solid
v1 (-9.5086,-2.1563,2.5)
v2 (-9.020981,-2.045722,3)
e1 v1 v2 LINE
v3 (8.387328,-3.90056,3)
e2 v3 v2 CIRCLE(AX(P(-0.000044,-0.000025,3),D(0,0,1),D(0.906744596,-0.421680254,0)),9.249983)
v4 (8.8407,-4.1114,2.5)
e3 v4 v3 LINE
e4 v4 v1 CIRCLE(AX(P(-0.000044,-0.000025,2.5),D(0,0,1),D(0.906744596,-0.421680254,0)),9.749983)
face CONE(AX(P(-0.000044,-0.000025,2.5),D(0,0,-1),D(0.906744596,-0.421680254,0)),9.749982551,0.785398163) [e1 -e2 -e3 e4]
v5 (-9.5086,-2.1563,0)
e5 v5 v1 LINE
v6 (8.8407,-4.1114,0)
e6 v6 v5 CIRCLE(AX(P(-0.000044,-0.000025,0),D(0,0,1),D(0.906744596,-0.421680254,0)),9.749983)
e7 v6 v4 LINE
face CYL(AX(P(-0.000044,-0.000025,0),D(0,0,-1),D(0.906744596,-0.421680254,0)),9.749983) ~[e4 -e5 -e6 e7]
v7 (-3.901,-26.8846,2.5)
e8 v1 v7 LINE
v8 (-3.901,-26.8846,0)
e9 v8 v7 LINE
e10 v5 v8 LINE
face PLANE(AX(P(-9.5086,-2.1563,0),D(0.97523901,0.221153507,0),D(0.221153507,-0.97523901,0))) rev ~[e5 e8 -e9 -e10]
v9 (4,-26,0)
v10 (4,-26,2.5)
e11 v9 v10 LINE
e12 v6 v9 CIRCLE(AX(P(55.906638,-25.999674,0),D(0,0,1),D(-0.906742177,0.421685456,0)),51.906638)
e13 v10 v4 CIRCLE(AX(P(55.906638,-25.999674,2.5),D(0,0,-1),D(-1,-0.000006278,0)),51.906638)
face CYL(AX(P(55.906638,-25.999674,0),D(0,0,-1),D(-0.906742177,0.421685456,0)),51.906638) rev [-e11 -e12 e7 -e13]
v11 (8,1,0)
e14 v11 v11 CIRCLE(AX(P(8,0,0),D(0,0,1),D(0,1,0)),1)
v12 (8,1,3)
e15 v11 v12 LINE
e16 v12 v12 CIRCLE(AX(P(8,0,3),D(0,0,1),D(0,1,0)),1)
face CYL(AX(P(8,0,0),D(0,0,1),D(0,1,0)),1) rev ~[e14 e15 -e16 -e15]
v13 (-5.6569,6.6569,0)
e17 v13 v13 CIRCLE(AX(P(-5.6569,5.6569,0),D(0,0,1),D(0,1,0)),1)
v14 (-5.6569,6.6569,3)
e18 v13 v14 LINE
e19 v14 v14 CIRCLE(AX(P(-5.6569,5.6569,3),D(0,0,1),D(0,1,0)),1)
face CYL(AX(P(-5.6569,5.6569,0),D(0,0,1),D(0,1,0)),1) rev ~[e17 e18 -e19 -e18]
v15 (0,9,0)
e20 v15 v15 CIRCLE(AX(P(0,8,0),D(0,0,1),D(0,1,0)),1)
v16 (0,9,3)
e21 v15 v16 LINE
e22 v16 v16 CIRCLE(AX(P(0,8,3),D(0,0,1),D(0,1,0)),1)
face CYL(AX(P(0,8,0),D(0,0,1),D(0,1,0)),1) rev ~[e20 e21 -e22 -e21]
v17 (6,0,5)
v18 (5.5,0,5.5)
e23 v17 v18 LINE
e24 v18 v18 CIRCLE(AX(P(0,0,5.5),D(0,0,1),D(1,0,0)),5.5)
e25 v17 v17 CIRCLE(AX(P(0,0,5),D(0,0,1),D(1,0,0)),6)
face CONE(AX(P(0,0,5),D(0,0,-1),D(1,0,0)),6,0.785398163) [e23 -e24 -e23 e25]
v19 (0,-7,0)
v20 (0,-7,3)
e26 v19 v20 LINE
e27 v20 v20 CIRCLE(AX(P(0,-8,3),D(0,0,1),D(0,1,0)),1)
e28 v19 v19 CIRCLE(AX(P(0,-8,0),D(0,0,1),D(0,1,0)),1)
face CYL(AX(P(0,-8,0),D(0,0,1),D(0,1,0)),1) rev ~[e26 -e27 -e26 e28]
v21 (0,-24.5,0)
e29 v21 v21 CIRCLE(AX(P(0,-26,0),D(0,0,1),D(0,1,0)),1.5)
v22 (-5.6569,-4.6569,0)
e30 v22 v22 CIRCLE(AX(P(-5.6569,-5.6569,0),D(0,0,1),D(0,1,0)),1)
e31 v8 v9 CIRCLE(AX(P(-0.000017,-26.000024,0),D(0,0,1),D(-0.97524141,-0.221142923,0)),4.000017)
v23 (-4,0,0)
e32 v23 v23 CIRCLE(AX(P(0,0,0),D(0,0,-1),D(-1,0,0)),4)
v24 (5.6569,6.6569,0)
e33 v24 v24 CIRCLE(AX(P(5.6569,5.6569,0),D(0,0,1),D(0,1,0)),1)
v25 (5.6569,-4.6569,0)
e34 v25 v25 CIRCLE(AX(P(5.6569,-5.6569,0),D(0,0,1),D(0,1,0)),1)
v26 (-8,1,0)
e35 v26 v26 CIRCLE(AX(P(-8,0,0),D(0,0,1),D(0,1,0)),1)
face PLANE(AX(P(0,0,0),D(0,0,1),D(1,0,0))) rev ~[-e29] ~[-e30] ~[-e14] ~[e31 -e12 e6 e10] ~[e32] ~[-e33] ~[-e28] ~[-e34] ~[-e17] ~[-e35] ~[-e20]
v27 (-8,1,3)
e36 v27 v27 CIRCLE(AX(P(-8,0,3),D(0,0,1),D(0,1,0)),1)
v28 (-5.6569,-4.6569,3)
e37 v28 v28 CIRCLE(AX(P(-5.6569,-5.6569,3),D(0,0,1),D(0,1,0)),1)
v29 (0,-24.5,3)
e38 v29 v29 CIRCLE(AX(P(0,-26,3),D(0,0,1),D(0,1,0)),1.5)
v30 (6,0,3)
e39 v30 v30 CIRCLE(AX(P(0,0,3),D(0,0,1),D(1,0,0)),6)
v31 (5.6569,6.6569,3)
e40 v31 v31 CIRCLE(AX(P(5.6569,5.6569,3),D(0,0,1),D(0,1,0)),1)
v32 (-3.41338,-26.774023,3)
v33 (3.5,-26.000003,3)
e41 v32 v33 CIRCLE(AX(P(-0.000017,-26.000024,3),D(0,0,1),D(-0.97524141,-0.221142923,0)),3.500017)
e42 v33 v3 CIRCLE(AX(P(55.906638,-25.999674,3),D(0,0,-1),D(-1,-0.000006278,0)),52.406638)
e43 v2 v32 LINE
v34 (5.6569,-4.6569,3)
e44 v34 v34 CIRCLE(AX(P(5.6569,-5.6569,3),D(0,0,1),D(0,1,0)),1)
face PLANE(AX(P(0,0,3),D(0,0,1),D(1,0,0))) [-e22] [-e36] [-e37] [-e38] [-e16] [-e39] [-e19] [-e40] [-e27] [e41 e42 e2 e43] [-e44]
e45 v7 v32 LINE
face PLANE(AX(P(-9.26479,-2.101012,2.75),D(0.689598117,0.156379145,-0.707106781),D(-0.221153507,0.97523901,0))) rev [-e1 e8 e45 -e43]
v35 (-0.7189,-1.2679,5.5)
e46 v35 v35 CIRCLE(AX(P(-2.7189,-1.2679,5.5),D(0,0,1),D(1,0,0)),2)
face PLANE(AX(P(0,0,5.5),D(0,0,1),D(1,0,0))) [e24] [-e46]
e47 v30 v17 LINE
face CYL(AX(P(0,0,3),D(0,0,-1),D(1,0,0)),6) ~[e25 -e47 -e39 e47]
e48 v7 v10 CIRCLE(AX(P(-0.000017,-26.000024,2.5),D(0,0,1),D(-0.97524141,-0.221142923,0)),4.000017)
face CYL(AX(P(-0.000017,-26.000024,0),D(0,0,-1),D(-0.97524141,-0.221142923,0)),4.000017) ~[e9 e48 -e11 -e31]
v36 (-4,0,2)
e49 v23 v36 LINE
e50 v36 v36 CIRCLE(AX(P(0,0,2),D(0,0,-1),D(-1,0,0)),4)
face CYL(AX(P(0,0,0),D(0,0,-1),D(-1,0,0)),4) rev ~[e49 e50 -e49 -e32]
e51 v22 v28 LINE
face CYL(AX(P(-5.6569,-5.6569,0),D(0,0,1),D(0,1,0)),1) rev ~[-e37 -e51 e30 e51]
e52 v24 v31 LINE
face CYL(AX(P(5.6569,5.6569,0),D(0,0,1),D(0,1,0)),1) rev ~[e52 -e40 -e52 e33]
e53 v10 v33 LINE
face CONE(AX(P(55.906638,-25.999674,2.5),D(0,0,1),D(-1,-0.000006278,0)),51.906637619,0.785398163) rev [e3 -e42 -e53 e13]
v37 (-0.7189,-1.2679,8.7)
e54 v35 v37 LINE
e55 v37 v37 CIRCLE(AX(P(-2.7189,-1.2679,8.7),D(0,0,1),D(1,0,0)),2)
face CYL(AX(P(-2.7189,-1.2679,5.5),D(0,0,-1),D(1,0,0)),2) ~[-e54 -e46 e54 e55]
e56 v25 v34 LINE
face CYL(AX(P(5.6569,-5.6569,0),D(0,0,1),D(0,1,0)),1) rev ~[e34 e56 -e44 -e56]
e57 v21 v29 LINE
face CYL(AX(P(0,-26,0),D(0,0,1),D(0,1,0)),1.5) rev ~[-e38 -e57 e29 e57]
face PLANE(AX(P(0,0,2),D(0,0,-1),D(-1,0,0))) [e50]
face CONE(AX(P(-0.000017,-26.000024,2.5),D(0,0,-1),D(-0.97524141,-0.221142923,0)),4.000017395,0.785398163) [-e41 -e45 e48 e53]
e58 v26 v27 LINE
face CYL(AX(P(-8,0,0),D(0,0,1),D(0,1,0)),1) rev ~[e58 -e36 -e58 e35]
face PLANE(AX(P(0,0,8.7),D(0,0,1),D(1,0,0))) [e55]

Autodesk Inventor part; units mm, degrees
ref_plane "YZ Plane" through (0, 0, 0) normal (1, 0, 0) x (0, 1, 0)
ref_plane "XZ Plane" through (0, 0, 0) normal (0, 1, 0) x (-1, 0, 0)
ref_plane "XY Plane" through (0, 0, 0) normal (0, 0, 1) x (1, 0, 0)
sketch "スケッチ1" plane through (0, 0, 0) normal (0, 0, 1) x (1, 0, 0)
  line L0 (0, 0) -> (-2.7189, -1.2679) construction
  line L1 (0, 0) -> (0, -26) construction
  arc A0 (8.8407, -4.1114) -> (-9.5086, -2.1563) centre (0, 0) ccw
  arc A1 (-3.901, -26.8846) -> (4, -26) centre (0, -26) ccw
  arc A2 (8.8407, -4.1114) -> (4, -26) centre (55.9076, -26) ccw
  line L2 (-9.5086, -2.1563) -> (-3.901, -26.8846)
  line L3 (0, -26) -> (4, -26) construction
  circle A3 centre (0, 0) radius 8 construction
  point P0 (8, 0)
  point P1 (5.6569, 5.6569)
  point P2 (0, 8)
  point P3 (-5.6569, 5.6569)
  point P4 (-8, 0)
  point P5 (-5.6569, -5.6569)
  point P6 (0, -8)
  point P7 (5.6569, -5.6569)
  point P8 (0, -26)
  dimension "d38" = 16
  dimension "d2" = 3
  dimension "d4" = 26
  dimension "d6" = 9.75
  dimension "d7" = 4
  dimension "d11" = 360
  dimension "d37" = 65
extrude "押し出し1" add sketch "スケッチ1" along normal blind 3
sketch "スケッチ5" plane through (0, 0, 3) normal (0, 0, 1) x (1, 0, 0)
  circle A0 centre (0, 0) radius 6
  arc A1 (8.8407, -4.1114) -> (-9.5086, -2.1563) centre (0, 0) ccw construction
  dimension "d41" = 12
extrude "押し出し4" add sketch "スケッチ5" along normal blind 2.5
hole "穴1" at (8, 0, 0) at (5.6569, 5.6569, 0) at (0, 8, 0) at (-5.6569, 5.6569, 0) at (-8, 0, 0) at (-5.6569, -5.6569, 0) at (0, -8, 0) at (5.6569, -5.6569, 0) direction (0, 0, 1) diameter 2 end through all
hole "穴2" at (0, -26, 0) direction (0, 0, 1) diameter 3 end through all
sketch "スケッチ2" plane through (0, 0, 0) normal (0, 0, -1) x (-1, 0, 0)
  circle A0 centre (0, 0) radius 4
  dimension "d30" = 8
extrude "押し出し2" cut sketch "スケッチ2" against normal blind 2
sketch "スケッチ3" plane through (0, 0, 5.5) normal (0, 0, 1) x (1, 0, 0)
  circle A0 centre (-2.7189, -1.2679) radius 2
  point P0 (0, 0)
  dimension "d33" = 4
extrude "押し出し3" add sketch "スケッチ3" along normal blind 3.2
chamfer "面取り1" distance 0.5 angle 45 5 edges at (-6, 0, 5.5) (1.033, 9.6951, 3) (-6.7048, -14.5204, 3) (0.4451, -29.9752, 3) (5.2246, -14.7913, 3)
properties part number "COXA_ROLL_SERVO-OUTPUT"
